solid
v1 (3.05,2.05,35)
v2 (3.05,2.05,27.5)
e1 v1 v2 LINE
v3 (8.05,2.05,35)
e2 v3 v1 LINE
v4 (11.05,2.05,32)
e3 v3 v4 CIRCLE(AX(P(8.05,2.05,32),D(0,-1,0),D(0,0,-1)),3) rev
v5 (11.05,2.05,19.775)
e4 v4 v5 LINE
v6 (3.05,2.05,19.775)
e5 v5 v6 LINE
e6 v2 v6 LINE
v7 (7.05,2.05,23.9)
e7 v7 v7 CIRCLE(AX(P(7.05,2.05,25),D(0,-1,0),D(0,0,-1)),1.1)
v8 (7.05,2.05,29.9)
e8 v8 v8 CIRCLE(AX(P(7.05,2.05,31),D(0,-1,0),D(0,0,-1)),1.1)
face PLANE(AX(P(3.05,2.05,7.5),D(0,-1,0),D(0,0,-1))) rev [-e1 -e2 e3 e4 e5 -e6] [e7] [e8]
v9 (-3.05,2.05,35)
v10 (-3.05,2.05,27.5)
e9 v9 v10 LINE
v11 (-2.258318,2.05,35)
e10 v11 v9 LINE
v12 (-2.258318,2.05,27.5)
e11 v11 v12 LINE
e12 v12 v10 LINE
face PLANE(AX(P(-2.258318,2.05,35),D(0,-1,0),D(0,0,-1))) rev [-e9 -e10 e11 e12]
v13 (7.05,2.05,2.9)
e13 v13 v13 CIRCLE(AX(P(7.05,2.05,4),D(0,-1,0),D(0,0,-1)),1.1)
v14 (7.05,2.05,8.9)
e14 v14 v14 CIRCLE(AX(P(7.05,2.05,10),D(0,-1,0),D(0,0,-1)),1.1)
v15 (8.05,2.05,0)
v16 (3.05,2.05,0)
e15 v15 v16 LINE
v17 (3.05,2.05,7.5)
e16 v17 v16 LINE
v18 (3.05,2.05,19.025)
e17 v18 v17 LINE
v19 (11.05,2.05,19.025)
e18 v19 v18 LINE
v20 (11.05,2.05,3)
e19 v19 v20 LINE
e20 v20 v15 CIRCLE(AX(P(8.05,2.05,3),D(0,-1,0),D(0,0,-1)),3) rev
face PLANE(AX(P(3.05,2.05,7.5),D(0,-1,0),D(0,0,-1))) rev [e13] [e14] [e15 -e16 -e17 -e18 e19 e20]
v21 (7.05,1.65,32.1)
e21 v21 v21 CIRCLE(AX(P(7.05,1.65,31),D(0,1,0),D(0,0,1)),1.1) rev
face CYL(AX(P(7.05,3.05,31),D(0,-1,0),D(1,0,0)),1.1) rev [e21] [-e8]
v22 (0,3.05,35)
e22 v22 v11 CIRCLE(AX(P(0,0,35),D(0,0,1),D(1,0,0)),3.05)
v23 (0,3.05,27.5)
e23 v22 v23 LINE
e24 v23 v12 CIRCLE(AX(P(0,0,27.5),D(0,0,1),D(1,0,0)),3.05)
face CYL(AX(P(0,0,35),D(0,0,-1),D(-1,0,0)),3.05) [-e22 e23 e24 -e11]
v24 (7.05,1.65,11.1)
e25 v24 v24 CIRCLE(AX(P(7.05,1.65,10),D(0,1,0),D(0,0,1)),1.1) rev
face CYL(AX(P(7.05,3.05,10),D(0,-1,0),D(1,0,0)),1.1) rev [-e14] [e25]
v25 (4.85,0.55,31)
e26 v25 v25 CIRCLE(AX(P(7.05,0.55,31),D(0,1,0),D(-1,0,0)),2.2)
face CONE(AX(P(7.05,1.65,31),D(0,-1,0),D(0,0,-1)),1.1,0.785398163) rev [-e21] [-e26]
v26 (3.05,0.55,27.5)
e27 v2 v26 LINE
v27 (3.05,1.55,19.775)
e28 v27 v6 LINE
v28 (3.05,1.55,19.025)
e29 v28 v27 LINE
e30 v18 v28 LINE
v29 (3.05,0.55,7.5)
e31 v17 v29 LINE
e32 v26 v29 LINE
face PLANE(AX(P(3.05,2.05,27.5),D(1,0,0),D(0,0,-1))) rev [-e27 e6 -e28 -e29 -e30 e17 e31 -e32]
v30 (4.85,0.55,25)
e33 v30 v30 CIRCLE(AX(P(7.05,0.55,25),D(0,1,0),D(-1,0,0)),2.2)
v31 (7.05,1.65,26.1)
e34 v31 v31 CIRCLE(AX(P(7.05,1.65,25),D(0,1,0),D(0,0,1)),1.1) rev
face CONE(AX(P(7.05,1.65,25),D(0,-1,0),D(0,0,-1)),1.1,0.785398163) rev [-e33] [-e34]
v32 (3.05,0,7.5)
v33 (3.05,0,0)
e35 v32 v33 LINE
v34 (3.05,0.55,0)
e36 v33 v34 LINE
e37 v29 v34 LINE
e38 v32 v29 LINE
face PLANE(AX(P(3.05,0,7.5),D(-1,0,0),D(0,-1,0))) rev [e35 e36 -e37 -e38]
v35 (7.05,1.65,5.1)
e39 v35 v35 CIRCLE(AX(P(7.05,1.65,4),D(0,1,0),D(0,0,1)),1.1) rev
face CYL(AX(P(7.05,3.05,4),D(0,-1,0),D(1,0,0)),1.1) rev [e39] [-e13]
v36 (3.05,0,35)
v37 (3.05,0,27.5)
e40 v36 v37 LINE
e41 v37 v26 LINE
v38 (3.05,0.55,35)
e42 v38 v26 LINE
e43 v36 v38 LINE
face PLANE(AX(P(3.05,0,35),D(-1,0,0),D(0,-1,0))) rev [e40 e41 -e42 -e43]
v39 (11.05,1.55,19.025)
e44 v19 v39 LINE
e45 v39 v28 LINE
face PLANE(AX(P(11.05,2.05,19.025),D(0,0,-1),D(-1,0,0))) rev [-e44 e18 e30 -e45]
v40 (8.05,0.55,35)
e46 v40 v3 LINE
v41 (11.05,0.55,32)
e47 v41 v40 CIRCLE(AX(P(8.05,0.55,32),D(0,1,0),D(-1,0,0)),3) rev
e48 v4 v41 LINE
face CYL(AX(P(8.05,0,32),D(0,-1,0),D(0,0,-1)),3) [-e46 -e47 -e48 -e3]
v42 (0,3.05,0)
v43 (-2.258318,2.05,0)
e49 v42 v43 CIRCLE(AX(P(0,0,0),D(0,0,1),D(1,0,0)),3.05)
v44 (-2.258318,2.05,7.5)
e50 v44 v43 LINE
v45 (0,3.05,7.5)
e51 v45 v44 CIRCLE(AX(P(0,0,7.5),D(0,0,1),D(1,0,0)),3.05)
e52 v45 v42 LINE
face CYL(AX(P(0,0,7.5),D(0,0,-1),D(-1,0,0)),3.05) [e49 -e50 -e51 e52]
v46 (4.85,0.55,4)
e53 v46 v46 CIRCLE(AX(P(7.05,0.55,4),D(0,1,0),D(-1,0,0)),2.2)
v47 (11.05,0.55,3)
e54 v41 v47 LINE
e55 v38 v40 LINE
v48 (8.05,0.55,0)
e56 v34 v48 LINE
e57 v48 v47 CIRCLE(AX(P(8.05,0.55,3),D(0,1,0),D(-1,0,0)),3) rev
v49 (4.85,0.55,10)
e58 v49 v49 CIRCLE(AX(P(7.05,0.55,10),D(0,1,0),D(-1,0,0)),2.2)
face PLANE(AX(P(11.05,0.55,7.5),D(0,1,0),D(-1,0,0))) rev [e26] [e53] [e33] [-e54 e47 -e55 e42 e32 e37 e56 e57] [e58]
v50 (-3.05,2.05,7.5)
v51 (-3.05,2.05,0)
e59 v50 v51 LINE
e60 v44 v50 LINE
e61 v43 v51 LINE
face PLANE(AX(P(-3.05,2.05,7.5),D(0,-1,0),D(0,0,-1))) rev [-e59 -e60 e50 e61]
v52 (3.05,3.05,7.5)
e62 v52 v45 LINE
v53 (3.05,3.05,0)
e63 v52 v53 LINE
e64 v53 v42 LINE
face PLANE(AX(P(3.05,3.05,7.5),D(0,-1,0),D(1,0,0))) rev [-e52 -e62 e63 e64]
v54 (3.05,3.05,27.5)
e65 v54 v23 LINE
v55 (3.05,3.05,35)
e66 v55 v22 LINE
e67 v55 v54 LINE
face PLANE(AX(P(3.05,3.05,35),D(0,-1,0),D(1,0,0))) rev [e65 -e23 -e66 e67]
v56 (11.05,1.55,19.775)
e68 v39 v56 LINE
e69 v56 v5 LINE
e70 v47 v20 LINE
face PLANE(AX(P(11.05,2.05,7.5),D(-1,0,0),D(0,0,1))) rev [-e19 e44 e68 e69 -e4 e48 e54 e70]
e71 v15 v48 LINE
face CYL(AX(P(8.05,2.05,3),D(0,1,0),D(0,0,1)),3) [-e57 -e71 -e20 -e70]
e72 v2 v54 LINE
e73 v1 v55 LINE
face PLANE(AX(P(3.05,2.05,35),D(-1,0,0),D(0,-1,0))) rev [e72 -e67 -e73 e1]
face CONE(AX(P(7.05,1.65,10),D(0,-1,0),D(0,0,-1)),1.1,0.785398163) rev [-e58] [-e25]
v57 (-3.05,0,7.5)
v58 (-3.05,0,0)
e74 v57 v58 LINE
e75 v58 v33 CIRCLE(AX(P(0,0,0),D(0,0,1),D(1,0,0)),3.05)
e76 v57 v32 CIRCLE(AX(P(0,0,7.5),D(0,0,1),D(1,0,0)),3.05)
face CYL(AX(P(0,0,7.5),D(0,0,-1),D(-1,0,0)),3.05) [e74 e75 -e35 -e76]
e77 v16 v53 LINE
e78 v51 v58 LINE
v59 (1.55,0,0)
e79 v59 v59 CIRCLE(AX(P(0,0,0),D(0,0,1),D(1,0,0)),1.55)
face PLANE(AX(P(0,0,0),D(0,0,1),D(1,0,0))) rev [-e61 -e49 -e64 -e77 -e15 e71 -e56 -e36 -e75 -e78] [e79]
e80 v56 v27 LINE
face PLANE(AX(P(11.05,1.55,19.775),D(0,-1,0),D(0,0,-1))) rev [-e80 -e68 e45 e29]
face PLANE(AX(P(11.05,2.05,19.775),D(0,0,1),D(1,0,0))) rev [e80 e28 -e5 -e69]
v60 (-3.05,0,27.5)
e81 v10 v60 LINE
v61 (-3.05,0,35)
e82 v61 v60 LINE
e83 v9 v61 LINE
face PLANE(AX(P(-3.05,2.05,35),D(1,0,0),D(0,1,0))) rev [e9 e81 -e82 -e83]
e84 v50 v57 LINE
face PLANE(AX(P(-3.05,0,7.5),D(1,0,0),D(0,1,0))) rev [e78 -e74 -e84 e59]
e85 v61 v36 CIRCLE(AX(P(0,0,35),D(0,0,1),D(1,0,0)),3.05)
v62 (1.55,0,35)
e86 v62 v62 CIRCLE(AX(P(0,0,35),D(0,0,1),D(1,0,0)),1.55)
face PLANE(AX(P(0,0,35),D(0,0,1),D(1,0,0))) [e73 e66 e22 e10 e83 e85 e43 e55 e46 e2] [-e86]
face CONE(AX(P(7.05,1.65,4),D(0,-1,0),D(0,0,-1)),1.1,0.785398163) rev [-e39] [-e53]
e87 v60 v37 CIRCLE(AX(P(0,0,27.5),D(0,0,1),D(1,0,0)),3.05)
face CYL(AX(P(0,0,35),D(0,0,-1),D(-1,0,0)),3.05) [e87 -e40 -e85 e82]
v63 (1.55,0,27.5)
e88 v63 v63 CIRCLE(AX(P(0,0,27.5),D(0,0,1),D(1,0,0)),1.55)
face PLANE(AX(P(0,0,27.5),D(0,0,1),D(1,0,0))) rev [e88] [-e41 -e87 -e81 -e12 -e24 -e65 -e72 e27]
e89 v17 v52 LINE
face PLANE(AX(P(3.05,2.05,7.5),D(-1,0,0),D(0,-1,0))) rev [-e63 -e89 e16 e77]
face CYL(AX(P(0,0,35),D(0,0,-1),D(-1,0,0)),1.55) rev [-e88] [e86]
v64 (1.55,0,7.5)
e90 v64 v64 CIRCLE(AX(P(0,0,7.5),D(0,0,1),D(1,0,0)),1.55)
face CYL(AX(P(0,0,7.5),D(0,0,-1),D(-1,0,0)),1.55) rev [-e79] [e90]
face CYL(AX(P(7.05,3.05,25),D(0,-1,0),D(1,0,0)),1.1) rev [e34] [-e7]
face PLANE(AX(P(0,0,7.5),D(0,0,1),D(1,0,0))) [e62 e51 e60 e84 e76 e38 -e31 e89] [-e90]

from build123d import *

# Parameters (mm, degrees)
SKETCH2_R           = 1.55
BOSS_EXTRUDE1_DEPTH = 7.5
SKETCH4_W           = 8
SKETCH4_H           = 1.5
BOSS_EXTRUDE3_DEPTH = 20
SKETCH5_R           = 1.55
BOSS_EXTRUDE4_DEPTH = 7.5
SKETCH6_W           = 0.75
SKETCH6_H           = 0.5
CUT_EXTRUDE1_DEPTH  = 9
SKETCH7_R           = 1.1
CUT_EXTRUDE2_DEPTH  = 3.5
CHAMFER1_SIZE       = 1.1
FILLET1_R           = 3


with BuildPart() as part:
    # Sketch2 → Boss-Extrude1 (new body)
    with BuildSketch(Plane.XY):
        with BuildLine():
            Line((3.05, 2.05), (11.05, 2.05))
            Line((11.05, 2.05), (11.05, 0.55))
            Line((11.05, 0.55), (3.05, 0.55))
            Line((3.05, 0.55), (3.05, 0))
            ThreePointArc((3.05, 0), (0, -3.05), (-3.05, 0))
            Line((-3.05, 0), (-3.05, 2.05))
            Line((-3.05, 2.05), (-2.258317958, 2.05))
            ThreePointArc((-2.258317958, 2.05), (-1.234908904, 2.788816953), (0, 3.05))
            Line((0, 3.05), (3.05, 3.05))
            Line((3.05, 3.05), (3.05, 2.05))
        make_face()
        Circle(SKETCH2_R, mode=Mode.SUBTRACT)
    extrude(amount=BOSS_EXTRUDE1_DEPTH)

    # Sketch4 → Boss-Extrude3 (add)
    with BuildSketch(Plane.XY.offset(7.5)):
        with Locations((7.05, 1.3)):
            Rectangle(SKETCH4_W, SKETCH4_H)
    extrude(amount=BOSS_EXTRUDE3_DEPTH)

    # Sketch5 → Boss-Extrude4 (add)
    with BuildSketch(Plane.XY.offset(27.5)):
        with BuildLine():
            Line((11.05, 0.55), (11.05, 2.05))
            Line((11.05, 2.05), (3.05, 2.05))
            Line((3.05, 2.05), (3.05, 3.05))
            Line((3.05, 3.05), (0, 3.05))
            ThreePointArc((0, 3.05), (-1.234908904, 2.788816953), (-2.258317958, 2.05))
            Line((-2.258317958, 2.05), (-3.05, 2.05))
            Line((-3.05, 2.05), (-3.05, 0))
            ThreePointArc((-3.05, 0), (0, -3.05), (3.05, 0))
            Line((3.05, 0), (3.05, 0.55))
            Line((3.05, 0.55), (11.05, 0.55))
        make_face()
        Circle(SKETCH5_R, mode=Mode.SUBTRACT)
    extrude(amount=BOSS_EXTRUDE4_DEPTH)

    # Sketch6 → Cut-Extrude1 (cut, through all)
    with BuildSketch(Plane.ZY.offset(-3.05)):
        with Locations((19.4, 1.8)):
            Rectangle(SKETCH6_W, SKETCH6_H)
    extrude(amount=-CUT_EXTRUDE1_DEPTH, mode=Mode.SUBTRACT)

    # Sketch7 → Cut-Extrude2 (cut, through all)
    with BuildSketch(Plane.XZ.offset(-0.55)):
        with Locations((7.05, 25)):
            Circle(SKETCH7_R)
        with Locations((7.05, 10)):
            Circle(SKETCH7_R)
        with Locations((7.05, 31)):
            Circle(SKETCH7_R)
        with Locations((7.05, 4)):
            Circle(SKETCH7_R)
    extrude(amount=-CUT_EXTRUDE2_DEPTH, mode=Mode.SUBTRACT)

    # Chamfer1
    chamfer1_edges = [part.edges().sort_by_distance(p)[0] for p in [
        (5.95, 0.55, 10),
        (5.95, 0.55, 25),
        (5.95, 0.55, 4),
        (5.95, 0.55, 31),
    ]]
    chamfer(chamfer1_edges, length=CHAMFER1_SIZE)

    # Fillet1
    fillet1_edges = [part.edges().sort_by_distance(p)[0] for p in [
        (11.05, 1.3, 0),
        (11.05, 1.3, 35),
    ]]
    fillet(fillet1_edges, radius=FILLET1_R)


solid = part.part
